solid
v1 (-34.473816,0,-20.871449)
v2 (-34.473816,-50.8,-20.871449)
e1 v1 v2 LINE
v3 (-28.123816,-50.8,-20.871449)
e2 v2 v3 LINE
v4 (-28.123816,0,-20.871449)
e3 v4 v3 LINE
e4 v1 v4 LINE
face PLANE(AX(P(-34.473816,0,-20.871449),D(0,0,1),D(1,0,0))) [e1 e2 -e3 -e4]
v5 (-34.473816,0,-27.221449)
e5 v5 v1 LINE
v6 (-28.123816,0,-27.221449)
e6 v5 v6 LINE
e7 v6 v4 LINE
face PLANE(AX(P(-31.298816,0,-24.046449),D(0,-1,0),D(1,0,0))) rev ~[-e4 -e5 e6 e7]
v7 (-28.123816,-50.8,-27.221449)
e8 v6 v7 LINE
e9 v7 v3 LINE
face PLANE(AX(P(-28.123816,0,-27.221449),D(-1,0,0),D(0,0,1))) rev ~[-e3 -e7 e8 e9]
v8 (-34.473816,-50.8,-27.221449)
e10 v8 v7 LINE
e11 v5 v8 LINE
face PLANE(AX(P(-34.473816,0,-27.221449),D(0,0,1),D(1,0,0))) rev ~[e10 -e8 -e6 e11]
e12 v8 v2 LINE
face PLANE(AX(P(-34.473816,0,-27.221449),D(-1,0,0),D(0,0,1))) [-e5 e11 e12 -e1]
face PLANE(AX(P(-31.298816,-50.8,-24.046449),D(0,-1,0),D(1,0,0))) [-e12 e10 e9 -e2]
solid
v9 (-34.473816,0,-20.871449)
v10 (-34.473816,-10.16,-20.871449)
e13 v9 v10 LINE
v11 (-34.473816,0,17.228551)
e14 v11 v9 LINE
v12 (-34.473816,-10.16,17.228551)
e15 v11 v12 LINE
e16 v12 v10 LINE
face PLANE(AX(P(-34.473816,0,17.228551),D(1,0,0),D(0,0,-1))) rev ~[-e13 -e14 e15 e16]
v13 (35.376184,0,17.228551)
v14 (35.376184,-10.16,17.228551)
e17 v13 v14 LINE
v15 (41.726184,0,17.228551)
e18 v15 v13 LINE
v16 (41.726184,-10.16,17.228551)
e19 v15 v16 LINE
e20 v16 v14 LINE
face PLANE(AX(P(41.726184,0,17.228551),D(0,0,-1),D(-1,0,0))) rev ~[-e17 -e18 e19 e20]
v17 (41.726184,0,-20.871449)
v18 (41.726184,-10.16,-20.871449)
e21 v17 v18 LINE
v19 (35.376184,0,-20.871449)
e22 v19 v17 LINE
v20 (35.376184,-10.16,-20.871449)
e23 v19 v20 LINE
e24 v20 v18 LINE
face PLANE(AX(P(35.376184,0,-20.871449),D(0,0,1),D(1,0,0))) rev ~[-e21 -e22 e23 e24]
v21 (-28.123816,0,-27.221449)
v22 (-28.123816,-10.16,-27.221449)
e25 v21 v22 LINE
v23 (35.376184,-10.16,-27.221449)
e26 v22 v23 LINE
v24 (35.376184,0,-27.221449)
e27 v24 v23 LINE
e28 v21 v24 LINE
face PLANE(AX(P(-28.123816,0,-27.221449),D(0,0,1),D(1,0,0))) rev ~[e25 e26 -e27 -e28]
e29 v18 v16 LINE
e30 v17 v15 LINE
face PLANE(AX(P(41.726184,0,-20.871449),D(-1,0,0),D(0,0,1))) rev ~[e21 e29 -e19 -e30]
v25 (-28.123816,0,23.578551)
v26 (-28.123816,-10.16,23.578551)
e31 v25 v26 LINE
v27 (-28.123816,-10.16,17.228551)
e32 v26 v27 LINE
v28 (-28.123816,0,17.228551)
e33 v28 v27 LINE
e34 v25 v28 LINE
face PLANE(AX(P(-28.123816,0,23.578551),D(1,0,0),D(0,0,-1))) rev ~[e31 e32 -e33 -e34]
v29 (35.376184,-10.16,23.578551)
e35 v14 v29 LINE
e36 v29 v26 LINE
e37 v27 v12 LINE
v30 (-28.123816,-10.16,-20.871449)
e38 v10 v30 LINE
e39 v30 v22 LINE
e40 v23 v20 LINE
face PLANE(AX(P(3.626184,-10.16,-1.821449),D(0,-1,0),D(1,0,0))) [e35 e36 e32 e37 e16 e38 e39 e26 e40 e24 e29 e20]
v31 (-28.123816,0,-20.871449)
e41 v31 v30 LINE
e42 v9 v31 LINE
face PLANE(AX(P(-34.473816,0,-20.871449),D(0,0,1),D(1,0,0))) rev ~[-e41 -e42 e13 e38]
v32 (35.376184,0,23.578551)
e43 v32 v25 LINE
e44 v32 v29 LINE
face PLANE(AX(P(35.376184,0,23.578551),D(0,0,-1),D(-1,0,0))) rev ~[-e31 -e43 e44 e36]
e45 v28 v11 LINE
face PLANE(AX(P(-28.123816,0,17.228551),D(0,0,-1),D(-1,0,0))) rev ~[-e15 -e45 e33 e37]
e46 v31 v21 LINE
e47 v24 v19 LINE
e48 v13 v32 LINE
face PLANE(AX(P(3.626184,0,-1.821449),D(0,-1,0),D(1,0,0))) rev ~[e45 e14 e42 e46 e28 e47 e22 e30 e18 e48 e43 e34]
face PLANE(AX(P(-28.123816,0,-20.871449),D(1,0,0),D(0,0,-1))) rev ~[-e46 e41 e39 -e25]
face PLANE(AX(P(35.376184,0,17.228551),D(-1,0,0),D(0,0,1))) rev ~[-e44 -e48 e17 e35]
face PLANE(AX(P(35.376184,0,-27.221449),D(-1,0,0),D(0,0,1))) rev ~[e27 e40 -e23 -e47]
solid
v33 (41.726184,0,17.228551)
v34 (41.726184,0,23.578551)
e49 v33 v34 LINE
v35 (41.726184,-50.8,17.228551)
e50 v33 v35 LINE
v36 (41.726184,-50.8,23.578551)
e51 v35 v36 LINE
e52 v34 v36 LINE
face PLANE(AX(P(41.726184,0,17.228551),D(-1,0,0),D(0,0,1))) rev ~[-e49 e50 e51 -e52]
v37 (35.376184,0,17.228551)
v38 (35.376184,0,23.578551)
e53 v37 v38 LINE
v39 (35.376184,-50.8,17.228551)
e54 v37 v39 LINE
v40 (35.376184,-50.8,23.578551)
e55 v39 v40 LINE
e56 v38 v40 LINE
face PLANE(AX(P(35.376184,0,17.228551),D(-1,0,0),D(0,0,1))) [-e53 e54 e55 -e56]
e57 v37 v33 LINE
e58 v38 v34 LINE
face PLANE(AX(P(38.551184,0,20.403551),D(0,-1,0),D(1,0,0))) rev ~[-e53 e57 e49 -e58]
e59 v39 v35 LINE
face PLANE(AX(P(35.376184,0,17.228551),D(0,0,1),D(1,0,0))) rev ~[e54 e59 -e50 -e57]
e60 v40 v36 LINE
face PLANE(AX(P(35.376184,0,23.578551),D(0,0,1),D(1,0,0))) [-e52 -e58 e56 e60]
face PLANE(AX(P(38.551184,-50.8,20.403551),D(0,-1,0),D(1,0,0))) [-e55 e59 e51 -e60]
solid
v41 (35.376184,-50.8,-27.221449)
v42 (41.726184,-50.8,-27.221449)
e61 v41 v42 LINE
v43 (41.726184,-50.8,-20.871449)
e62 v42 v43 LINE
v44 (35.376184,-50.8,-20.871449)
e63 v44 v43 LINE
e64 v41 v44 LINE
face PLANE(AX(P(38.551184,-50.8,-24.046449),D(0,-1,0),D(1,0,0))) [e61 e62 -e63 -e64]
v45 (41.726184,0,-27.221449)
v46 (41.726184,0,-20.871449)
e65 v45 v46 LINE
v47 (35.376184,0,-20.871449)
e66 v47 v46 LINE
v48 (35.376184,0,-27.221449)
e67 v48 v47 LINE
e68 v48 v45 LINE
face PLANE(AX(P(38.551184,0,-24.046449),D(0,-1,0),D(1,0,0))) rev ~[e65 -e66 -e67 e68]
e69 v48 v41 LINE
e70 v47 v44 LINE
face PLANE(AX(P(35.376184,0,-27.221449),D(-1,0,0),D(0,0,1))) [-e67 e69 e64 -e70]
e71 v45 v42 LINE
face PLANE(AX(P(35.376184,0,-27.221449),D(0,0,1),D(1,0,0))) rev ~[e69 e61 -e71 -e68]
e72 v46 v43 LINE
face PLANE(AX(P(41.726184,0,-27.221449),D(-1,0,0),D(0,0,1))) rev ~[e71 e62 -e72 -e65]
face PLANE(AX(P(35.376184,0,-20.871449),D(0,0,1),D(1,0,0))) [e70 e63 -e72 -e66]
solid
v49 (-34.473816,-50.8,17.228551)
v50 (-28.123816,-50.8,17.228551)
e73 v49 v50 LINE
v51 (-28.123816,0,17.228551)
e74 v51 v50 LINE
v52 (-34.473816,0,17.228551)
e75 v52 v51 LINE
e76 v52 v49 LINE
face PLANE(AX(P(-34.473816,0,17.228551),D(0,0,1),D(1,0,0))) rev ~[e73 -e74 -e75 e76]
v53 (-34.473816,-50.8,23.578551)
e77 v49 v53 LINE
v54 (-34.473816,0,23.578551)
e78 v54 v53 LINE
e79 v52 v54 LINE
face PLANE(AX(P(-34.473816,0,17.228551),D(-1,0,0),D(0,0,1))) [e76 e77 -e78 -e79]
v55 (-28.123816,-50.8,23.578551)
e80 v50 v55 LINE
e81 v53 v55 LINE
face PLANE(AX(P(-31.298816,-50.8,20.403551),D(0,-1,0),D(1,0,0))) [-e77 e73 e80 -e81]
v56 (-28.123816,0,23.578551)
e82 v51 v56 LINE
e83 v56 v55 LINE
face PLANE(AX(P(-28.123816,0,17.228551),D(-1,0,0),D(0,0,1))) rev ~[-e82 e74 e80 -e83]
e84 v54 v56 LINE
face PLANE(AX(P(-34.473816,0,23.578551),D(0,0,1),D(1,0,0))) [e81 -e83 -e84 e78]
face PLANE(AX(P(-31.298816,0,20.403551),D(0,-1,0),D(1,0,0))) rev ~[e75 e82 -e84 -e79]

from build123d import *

# Parameters (mm, degrees)
F0_W     = 6.35
F0_H     = 6.35
F1_DEPTH = 50.8
F2_DEPTH = 10.16


with BuildPart() as f1:
    # F0 (on Front) → F1 (new body)
    with BuildSketch(Plane.XZ):
        with Locations((-31.298816, 20.403551)):
            Rectangle(F0_W, F0_H)
        with Locations((38.551184, 20.403551)):
            Rectangle(F0_W, F0_H)
        with Locations((38.551184, -24.046449)):
            Rectangle(F0_W, F0_H)
        with Locations((-31.298816, -24.046449)):
            Rectangle(F0_W, F0_H)
    extrude(amount=F1_DEPTH)


with BuildPart() as f2:
    # F0 (on Front) → F2 (new body)
    with BuildSketch(Plane.XZ):
        Polygon((35.376184, 23.578551), (-28.123816, 23.578551), (-28.123816, 17.228551), (-34.473816, 17.228551), (-34.473816, -20.871449), (-28.123816, -20.871449), (-28.123816, -27.221449), (35.376184, -27.221449), (35.376184, -20.871449), (41.726184, -20.871449), (41.726184, 17.228551), (35.376184, 17.228551), align=None)
    extrude(amount=F2_DEPTH)


solid = Compound([f1.part, f2.part])
